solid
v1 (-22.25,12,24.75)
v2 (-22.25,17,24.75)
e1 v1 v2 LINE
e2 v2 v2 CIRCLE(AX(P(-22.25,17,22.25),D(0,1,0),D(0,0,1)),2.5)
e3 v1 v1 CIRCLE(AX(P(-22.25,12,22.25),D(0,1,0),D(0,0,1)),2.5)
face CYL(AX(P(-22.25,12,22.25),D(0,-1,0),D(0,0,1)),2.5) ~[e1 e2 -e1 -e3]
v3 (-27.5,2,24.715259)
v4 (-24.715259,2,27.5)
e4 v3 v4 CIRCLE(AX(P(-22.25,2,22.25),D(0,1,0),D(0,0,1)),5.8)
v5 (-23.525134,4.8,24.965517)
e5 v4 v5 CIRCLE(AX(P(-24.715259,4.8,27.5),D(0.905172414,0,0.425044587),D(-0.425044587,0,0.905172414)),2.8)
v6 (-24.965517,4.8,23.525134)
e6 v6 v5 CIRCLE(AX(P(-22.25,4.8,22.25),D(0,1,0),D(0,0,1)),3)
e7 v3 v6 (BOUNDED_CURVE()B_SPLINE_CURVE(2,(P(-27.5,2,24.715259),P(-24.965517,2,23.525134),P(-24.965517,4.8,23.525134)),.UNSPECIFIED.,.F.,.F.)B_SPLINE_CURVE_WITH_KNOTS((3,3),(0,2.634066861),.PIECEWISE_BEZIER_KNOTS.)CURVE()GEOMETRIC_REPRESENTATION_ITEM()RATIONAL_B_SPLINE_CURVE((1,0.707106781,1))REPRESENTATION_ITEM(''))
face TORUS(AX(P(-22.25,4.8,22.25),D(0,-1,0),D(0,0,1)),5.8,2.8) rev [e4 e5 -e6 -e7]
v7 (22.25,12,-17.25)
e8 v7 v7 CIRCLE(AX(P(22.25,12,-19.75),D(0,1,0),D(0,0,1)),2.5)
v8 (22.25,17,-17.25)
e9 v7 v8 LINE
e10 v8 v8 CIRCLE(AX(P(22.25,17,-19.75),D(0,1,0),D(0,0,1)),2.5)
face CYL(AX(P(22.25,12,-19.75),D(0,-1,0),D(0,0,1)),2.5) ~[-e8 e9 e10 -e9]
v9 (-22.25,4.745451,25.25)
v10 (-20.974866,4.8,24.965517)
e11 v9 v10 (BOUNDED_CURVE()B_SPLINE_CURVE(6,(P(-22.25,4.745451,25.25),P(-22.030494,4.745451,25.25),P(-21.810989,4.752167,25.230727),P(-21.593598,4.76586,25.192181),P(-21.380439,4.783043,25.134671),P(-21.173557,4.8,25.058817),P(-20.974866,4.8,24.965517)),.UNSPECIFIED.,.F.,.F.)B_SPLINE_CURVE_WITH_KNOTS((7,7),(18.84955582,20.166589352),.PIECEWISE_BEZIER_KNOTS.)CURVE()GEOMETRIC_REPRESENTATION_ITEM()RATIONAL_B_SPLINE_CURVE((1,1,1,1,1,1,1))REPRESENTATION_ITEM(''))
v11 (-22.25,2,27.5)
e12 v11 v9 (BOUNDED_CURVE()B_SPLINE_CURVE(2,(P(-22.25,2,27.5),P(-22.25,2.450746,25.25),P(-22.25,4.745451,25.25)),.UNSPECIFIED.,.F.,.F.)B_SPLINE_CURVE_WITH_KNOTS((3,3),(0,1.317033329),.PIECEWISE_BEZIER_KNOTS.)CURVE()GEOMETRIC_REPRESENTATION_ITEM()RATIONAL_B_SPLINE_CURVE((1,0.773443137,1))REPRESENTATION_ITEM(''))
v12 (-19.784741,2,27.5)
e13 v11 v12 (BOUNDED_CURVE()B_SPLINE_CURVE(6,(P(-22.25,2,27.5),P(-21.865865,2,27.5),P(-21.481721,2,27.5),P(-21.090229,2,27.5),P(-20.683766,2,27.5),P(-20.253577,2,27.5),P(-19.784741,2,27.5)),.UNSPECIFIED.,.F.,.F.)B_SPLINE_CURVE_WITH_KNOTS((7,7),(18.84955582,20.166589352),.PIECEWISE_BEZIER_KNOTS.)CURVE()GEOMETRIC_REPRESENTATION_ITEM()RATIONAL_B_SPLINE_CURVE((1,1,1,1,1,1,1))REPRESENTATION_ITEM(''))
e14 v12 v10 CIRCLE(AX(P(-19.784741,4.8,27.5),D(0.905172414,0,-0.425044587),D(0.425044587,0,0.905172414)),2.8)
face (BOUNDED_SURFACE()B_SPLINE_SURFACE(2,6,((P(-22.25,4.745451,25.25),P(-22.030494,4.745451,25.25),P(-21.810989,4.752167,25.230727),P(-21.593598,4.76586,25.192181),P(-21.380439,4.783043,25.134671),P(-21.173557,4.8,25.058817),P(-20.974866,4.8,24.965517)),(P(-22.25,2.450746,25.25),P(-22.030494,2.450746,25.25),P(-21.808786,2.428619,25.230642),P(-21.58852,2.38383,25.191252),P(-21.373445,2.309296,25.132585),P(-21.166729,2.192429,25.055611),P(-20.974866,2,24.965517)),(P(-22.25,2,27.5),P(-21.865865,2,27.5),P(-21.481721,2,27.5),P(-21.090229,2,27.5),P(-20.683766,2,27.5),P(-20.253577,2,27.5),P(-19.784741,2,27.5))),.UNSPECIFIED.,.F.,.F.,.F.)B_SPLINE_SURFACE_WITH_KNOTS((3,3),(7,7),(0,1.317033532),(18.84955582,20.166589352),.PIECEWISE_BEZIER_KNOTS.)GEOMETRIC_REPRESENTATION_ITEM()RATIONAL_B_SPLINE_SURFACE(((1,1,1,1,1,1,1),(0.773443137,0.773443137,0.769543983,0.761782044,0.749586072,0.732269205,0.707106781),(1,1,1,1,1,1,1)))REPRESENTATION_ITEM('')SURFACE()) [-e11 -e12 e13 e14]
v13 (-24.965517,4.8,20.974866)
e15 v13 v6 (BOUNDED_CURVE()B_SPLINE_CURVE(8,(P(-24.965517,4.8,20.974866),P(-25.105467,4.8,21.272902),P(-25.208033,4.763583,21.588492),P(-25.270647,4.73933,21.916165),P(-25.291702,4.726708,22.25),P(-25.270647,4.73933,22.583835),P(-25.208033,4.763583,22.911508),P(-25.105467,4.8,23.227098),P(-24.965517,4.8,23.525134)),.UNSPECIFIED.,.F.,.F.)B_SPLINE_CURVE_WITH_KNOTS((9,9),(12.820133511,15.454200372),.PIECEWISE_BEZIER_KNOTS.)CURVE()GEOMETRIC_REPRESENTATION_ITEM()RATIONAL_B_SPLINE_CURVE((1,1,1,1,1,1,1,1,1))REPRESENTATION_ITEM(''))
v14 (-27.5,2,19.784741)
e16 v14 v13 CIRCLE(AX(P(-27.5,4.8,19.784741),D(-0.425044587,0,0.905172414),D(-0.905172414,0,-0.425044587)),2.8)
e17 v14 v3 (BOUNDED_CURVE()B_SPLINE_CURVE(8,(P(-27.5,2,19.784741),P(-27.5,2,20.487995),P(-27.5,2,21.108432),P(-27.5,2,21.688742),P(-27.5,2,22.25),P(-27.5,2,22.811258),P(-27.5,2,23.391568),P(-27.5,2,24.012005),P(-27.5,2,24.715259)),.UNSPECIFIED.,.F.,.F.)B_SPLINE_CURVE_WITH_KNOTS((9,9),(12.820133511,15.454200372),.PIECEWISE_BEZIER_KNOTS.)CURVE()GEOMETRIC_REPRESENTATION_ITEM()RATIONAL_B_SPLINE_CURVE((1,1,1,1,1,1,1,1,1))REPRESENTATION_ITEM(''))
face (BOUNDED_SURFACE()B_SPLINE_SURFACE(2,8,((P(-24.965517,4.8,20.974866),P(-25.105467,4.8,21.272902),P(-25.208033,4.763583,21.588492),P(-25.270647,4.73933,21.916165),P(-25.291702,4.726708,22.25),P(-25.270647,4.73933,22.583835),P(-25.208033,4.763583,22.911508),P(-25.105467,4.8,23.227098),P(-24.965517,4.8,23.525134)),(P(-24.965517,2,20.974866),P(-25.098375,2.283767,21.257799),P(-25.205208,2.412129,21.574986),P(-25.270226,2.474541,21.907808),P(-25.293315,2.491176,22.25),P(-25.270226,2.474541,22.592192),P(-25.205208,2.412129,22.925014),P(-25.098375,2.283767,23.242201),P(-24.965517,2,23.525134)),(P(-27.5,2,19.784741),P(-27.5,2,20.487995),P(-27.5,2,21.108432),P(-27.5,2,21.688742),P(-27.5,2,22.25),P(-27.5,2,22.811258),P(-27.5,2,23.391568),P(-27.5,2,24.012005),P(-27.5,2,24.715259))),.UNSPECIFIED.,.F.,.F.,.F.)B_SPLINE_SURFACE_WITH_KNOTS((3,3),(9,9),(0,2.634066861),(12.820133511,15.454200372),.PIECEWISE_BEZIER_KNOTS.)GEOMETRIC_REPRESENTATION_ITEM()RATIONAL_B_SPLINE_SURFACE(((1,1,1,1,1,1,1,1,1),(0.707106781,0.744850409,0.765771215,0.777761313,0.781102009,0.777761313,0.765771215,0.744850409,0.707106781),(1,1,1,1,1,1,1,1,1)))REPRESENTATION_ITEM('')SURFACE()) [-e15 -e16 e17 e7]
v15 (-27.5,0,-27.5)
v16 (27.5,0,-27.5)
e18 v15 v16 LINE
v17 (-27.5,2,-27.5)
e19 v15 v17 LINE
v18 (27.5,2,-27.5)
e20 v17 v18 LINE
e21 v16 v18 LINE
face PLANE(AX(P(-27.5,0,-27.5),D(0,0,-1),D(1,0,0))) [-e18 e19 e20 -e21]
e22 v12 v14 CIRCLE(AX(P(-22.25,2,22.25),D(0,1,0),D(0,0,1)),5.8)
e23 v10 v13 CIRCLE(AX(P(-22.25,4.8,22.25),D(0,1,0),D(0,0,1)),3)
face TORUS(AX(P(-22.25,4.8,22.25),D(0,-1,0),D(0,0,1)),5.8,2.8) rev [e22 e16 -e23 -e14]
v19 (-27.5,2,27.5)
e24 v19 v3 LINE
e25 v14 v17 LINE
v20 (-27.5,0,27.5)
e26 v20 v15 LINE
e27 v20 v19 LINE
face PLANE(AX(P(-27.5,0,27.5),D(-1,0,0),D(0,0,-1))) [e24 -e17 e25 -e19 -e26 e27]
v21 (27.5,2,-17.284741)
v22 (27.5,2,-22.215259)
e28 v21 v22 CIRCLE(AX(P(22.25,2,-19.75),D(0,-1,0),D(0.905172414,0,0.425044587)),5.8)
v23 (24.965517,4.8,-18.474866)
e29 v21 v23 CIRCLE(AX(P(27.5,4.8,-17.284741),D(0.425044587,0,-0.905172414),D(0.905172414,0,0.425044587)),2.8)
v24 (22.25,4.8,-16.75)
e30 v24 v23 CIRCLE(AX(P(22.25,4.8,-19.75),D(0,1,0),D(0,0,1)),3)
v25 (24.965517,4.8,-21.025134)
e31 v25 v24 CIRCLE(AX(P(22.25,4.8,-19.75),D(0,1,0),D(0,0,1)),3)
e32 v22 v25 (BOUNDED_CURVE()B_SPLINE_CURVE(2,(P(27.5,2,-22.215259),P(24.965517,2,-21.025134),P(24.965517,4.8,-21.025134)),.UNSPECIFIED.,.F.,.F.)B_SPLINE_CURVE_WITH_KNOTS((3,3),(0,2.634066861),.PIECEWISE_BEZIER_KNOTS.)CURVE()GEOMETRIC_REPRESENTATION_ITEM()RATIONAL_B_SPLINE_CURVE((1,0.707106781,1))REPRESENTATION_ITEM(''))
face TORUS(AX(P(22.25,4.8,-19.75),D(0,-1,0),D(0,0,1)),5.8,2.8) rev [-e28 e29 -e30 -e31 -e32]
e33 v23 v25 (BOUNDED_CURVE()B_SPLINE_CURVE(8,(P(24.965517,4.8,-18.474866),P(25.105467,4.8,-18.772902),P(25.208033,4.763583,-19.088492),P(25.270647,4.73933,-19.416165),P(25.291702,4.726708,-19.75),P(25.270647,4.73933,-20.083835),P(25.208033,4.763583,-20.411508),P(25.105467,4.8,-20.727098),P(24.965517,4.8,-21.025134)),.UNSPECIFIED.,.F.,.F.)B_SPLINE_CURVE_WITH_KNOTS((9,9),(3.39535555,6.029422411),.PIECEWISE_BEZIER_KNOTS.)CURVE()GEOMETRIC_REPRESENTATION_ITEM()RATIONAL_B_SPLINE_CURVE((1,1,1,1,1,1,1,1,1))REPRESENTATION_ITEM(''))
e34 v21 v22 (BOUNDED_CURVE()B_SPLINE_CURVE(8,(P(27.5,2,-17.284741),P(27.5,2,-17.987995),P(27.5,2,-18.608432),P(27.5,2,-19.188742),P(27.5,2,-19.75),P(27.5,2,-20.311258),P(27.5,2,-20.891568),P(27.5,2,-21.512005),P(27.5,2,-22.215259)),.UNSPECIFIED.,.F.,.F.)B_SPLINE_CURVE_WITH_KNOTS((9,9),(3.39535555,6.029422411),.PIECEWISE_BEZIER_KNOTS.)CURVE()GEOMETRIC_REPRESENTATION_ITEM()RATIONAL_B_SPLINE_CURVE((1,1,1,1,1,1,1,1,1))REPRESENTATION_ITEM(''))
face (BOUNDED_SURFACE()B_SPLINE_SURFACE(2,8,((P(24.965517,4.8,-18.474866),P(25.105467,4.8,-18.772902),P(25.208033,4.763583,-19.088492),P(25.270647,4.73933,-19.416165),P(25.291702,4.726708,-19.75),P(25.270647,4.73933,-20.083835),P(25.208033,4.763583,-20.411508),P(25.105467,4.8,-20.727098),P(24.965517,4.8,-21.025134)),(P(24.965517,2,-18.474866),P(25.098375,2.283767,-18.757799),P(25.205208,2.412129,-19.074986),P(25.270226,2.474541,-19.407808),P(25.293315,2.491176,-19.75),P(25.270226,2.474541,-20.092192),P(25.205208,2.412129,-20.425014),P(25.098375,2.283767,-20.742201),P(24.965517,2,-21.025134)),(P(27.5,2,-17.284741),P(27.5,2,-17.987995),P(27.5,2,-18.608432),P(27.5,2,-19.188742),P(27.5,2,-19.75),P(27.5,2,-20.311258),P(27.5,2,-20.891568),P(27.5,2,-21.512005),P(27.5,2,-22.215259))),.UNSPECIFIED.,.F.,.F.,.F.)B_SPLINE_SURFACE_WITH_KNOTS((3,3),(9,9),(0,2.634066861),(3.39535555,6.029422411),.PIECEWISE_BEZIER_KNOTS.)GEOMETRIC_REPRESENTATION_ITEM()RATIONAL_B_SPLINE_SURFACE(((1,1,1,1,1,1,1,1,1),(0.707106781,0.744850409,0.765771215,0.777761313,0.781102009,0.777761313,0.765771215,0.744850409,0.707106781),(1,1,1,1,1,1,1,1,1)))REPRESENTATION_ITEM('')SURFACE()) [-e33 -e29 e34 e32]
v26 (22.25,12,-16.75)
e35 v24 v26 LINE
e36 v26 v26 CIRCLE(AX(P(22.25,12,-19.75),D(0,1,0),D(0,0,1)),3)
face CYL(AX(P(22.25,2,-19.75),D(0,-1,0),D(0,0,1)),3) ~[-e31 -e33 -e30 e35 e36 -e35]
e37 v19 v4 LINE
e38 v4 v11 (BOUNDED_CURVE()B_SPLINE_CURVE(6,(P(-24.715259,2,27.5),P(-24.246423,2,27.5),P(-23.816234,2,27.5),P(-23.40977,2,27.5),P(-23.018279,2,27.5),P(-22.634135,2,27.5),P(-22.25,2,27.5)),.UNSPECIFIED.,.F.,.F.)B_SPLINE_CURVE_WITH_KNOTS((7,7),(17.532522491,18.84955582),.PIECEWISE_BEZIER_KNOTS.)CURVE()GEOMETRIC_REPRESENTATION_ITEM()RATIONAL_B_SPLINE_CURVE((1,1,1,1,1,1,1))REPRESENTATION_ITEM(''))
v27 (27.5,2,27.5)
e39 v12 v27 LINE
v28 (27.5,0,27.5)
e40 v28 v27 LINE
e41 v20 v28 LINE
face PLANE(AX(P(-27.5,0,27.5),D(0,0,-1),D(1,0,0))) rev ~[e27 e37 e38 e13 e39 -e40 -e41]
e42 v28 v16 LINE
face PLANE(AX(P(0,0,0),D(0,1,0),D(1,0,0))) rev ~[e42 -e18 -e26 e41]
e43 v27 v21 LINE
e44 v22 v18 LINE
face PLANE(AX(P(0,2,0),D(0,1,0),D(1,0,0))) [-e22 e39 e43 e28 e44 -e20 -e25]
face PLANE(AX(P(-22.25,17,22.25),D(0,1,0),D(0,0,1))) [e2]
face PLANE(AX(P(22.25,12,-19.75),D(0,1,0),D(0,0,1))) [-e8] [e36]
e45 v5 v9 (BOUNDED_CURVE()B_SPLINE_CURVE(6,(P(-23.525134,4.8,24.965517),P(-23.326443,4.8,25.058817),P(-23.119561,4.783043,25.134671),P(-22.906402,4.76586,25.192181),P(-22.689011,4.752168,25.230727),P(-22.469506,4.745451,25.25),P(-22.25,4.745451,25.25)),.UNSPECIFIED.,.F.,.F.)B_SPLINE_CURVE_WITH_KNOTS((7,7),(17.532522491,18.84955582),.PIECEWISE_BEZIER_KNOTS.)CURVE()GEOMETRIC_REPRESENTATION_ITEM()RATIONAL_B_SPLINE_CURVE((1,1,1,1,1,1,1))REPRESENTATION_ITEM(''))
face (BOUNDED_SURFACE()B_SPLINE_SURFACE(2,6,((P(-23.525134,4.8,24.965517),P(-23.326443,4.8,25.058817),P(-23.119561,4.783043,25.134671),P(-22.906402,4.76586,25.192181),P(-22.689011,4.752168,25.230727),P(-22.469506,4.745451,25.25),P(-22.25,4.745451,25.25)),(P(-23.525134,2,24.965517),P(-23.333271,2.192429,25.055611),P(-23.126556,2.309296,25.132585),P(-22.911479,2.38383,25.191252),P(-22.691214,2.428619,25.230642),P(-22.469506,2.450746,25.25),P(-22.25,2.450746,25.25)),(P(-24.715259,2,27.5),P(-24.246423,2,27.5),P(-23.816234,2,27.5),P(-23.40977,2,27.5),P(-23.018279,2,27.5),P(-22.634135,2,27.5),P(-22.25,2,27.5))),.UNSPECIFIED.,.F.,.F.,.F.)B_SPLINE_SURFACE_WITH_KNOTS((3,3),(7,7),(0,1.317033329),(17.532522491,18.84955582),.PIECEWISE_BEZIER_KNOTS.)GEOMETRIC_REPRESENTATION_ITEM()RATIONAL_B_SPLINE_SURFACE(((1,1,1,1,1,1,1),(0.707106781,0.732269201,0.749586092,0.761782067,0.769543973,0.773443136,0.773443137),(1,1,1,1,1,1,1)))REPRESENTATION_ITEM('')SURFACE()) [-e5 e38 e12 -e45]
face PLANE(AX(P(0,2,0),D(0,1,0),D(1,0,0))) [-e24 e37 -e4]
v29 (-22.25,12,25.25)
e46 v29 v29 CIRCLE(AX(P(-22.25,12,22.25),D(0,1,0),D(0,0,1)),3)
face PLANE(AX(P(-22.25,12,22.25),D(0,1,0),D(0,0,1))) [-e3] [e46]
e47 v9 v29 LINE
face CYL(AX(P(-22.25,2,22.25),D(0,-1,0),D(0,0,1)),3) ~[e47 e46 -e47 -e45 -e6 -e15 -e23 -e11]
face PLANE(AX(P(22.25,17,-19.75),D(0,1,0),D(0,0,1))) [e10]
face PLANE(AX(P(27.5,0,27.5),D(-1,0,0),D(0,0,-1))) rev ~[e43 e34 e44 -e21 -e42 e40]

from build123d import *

# Parameters (mm, degrees)
SKETCH1_W           = 55
SKETCH1_H           = 55
BOSS_EXTRUDE1_DEPTH = 2
SKETCH2_R           = 3
BOSS_EXTRUDE2_DEPTH = 10
FILLET1_R           = 2.8
SKETCH3_R           = 2.5
BOSS_EXTRUDE3_DEPTH = 5


with BuildPart() as part:
    # Sketch1 → Boss-Extrude1 (new body)
    with BuildSketch(Plane(origin=(0, 0, 0), x_dir=(1, 0, 0), z_dir=(0, 1, 0))):
        Rectangle(SKETCH1_W, SKETCH1_H)
    extrude(amount=BOSS_EXTRUDE1_DEPTH)

    # Sketch2 → Boss-Extrude2 (add)
    with BuildSketch(Plane(origin=(0, 2, 0), x_dir=(1, 0, 0), z_dir=(0, 1, 0))):
        with Locations(Location((-22.25, -22.25, 0), (0, 0, 270))):
            Circle(SKETCH2_R)
        with Locations(Location((22.25, 19.75, 0), (0, 0, 270))):
            Circle(SKETCH2_R)
    extrude(amount=BOSS_EXTRUDE2_DEPTH)

    # Fillet1
    fillet1_edges = [part.edges().sort_by_distance(p)[0] for p in [
        (-22.25, 2, 19.25),
        (22.25, 2, -22.75),
    ]]
    fillet(fillet1_edges, radius=FILLET1_R)

    # Sketch3 → Boss-Extrude3 (add)
    with BuildSketch(Plane(origin=(0, 12, 0), x_dir=(1, 0, 0), z_dir=(0, 1, 0))):
        with Locations(Location((-22.25, -22.25, 0), (0, 0, 270))):
            Circle(SKETCH3_R)
        with Locations(Location((22.25, 19.75, 0), (0, 0, 270))):
            Circle(SKETCH3_R)
    extrude(amount=BOSS_EXTRUDE3_DEPTH)


solid = part.part
